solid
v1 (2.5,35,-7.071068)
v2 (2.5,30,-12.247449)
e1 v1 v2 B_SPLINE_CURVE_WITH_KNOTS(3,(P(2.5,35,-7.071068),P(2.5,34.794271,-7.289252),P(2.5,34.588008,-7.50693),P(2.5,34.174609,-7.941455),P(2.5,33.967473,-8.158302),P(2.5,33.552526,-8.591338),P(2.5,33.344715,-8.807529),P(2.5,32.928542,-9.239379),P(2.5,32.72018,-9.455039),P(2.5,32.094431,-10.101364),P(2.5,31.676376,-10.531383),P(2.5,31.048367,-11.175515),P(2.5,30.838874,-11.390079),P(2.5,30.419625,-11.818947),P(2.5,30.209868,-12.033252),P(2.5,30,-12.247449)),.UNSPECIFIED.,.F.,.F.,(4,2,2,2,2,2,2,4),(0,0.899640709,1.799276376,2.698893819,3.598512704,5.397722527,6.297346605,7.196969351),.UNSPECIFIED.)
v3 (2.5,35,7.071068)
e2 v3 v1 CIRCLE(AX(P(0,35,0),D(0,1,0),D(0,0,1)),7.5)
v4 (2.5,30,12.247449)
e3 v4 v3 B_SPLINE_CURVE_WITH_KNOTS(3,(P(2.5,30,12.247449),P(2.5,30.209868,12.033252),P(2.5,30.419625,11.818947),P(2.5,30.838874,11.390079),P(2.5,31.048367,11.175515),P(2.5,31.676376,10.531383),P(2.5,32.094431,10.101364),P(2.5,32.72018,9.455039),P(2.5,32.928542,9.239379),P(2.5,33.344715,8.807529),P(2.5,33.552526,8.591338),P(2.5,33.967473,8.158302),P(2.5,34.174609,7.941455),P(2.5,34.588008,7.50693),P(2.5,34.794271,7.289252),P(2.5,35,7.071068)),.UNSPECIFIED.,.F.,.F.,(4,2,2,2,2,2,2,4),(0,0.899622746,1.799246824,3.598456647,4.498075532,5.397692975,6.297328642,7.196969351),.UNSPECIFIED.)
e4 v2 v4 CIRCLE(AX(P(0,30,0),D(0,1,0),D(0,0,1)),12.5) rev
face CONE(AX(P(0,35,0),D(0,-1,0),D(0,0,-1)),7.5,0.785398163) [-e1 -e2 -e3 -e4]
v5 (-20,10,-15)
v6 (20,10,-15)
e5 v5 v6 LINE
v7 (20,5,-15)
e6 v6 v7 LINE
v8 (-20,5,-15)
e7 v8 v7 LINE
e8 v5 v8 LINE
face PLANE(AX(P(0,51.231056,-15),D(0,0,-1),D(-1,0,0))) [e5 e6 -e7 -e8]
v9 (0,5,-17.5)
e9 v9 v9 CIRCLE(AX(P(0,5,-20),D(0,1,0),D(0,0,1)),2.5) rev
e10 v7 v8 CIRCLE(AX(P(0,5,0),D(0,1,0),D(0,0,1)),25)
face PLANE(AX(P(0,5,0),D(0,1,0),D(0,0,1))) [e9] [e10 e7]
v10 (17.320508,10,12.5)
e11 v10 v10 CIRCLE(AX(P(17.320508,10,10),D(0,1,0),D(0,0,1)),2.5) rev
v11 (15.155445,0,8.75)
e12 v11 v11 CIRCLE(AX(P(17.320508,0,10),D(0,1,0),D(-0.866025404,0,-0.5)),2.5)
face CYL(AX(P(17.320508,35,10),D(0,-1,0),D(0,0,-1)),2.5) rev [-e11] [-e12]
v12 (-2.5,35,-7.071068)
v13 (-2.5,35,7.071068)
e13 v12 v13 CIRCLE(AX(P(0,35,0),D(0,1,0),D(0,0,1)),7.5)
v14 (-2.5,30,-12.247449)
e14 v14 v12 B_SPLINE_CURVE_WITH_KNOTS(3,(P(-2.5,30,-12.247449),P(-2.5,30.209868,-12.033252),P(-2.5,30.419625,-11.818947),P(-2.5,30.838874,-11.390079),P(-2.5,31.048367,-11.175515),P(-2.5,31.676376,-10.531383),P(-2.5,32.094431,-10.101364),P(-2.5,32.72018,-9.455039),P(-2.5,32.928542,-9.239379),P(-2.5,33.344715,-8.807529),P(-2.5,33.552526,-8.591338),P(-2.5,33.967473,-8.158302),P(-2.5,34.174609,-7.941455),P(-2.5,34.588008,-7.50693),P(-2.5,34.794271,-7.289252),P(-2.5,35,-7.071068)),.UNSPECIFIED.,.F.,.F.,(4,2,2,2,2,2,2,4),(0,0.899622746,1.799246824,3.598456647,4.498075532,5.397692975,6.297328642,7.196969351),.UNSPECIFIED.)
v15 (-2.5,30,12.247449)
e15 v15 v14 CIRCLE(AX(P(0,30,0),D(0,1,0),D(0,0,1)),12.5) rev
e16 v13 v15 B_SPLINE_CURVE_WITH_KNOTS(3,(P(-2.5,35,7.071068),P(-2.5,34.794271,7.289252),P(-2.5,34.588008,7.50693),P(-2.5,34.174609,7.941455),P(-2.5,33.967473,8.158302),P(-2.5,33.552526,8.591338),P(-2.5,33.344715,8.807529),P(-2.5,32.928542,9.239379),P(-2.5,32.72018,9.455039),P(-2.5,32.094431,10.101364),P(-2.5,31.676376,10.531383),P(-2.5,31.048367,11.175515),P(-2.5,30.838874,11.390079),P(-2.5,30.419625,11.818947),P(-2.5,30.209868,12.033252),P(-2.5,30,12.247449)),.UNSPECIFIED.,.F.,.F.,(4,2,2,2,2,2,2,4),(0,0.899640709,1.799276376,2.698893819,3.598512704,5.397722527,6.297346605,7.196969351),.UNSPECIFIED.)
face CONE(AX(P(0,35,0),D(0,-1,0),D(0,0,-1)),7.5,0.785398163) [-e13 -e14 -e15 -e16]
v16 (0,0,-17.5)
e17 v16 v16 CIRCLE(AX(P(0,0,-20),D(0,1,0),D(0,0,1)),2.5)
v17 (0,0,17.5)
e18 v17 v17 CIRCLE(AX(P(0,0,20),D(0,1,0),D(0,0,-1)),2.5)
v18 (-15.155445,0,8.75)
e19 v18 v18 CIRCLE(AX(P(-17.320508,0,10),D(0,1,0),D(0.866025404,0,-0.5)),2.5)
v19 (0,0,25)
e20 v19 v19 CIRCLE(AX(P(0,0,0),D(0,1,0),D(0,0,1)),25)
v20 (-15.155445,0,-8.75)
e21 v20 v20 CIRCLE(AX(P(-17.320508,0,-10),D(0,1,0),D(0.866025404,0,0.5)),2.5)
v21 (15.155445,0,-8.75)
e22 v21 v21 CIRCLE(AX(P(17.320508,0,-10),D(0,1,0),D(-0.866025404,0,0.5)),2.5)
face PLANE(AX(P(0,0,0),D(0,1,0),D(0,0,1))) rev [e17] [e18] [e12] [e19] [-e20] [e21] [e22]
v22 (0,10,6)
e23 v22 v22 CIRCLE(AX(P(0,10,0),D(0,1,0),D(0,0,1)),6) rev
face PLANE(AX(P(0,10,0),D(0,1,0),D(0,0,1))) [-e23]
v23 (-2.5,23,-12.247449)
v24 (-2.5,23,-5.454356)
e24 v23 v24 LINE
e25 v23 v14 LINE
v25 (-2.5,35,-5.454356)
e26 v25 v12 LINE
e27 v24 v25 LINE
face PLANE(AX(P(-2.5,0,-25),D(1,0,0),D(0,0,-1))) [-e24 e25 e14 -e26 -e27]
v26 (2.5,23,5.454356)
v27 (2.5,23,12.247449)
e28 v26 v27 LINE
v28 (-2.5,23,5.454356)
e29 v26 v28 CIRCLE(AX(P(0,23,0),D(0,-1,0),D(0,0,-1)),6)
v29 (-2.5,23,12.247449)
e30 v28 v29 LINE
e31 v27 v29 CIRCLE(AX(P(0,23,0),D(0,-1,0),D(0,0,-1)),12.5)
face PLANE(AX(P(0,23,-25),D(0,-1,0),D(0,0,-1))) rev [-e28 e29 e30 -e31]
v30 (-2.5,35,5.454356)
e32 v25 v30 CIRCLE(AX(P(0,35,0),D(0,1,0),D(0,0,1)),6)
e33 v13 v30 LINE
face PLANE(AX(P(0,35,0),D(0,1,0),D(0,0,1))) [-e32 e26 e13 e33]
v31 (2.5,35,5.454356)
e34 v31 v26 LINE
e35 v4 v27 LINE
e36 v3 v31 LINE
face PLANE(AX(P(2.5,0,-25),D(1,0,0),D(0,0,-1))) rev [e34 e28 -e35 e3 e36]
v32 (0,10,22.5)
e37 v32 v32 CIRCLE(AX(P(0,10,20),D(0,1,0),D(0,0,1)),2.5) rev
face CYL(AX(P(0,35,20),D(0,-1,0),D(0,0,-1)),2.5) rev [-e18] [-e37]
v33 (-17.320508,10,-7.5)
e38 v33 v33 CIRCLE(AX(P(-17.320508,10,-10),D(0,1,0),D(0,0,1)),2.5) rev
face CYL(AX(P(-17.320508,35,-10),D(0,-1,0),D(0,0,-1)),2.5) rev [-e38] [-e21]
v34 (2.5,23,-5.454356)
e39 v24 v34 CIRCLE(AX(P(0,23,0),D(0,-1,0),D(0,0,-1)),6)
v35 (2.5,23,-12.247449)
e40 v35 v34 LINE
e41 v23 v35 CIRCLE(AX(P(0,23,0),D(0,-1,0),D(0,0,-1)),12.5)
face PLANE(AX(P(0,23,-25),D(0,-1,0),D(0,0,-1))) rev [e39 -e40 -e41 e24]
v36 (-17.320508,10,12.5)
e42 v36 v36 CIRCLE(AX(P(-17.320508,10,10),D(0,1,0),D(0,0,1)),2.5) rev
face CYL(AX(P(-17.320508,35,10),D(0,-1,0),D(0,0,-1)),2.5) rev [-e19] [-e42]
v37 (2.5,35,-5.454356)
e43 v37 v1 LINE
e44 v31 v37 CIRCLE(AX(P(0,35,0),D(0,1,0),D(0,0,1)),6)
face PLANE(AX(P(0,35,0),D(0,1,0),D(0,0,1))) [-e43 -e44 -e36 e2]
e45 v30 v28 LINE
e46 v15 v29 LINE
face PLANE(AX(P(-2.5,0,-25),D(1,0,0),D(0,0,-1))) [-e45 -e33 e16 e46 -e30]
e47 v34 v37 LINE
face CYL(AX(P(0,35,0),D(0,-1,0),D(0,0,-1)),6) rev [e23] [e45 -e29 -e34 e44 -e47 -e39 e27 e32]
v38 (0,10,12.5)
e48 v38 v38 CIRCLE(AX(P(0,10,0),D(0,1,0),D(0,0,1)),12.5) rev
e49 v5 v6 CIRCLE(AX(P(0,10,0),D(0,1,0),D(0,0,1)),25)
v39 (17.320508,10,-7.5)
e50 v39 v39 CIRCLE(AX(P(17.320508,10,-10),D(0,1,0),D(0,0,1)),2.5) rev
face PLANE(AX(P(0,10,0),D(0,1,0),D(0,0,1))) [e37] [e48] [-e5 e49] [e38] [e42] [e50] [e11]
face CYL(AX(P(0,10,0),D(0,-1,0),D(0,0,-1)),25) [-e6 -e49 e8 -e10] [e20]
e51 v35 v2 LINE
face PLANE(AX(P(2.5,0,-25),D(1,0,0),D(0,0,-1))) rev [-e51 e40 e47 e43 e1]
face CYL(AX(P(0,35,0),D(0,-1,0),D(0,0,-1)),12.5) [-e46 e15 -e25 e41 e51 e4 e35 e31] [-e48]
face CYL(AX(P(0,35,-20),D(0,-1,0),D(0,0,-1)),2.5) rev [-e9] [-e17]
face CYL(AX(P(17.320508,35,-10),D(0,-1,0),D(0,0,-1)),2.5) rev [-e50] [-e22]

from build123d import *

# Parameters (mm, degrees)
SKETCH1_R               = 25
BOSS_EXTRUDE1_DEPTH     = 10
SKETCH1_3_R             = 12.5
SKETCH1_3_R_2           = 6
BOSS_EXTRUDE2_DEPTH     = 35
CUT_EXTRUDE1_START      = 5
CUT_EXTRUDE1_DEPTH      = 5
CUT_EXTRUDE2_DEPTH      = 50.749371855
CUT_EXTRUDE2_DEPTH_BACK = 50.749371855
SKETCH2_W               = 5
SKETCH2_H               = 12
SKETCH3_R               = 2.5
CUT_EXTRUDE3_DEPTH      = 50.749371855
CIRPATTERN1_COUNT       = 6
CHAMFER1_SIZE           = 5


with BuildPart() as part:
    # Sketch1 → Boss-Extrude1 (new body)
    with BuildSketch(Plane(origin=(0, 0, 0), x_dir=(1, 0, 0), z_dir=(0, 1, 0))):
        with Locations(Location((0, 0, 0), (0, 0, 270))):
            Circle(SKETCH1_R)
    extrude(amount=BOSS_EXTRUDE1_DEPTH)

    # Sketch1<3> → Boss-Extrude2 (add)
    with BuildSketch(Plane(origin=(0, 0, 0), x_dir=(1, 0, 0), z_dir=(0, 1, 0))):
        with Locations(Location((0, 0, 0), (0, 0, 270))):
            Circle(SKETCH1_3_R)
        with Locations(Location((0, 0, 0), (0, 0, 270))):
            Circle(SKETCH1_3_R_2, mode=Mode.SUBTRACT)
    extrude(amount=BOSS_EXTRUDE2_DEPTH)

    # Sketch1<5> → Cut-Extrude1 (cut)
    with BuildSketch(Plane(origin=(0, 0, 0), x_dir=(1, 0, 0), z_dir=(0, 1, 0)).offset(CUT_EXTRUDE1_START)):
        with BuildLine():
            ThreePointArc((20, 15), (0, 25), (-20, 15))
            Line((-20, 15), (20, 15))
        make_face()
    extrude(amount=CUT_EXTRUDE1_DEPTH, mode=Mode.SUBTRACT)

    # Sketch2 → Cut-Extrude2 (cut, two sides: drawn at the far end of the back side and taken through both)
    with BuildSketch(Plane.XY.offset(-CUT_EXTRUDE2_DEPTH_BACK)):
        with Locations((0, 29)):
            Rectangle(SKETCH2_W, SKETCH2_H)
    extrude(amount=CUT_EXTRUDE2_DEPTH + CUT_EXTRUDE2_DEPTH_BACK, mode=Mode.SUBTRACT)

    # Sketch3 → Cut-Extrude3 (cut, through all)
    with BuildSketch(Plane(origin=(0, 0, 0), x_dir=(1, 0, 0), z_dir=(0, 1, 0))):
        with Locations(Location((0, 20, 0), (0, 0, 270))):
            Circle(SKETCH3_R)
    cut_extrude3 = extrude(amount=CUT_EXTRUDE3_DEPTH, mode=Mode.SUBTRACT)

    # CirPattern1: Cut-Extrude3 ×6 about axis
    cirpattern1_axis = Axis((0, 0, 0), (0, 1, 0))
    for i in range(1, CIRPATTERN1_COUNT):
        add(cut_extrude3.rotate(cirpattern1_axis, i * 360 / CIRPATTERN1_COUNT), mode=Mode.SUBTRACT)

    # Chamfer1
    chamfer1_edges = [part.edges().sort_by_distance(p)[0] for p in [
        (-12.5, 35, 0),
        (12.5, 35, 0),
    ]]
    chamfer(chamfer1_edges, length=CHAMFER1_SIZE)


solid = part.part
